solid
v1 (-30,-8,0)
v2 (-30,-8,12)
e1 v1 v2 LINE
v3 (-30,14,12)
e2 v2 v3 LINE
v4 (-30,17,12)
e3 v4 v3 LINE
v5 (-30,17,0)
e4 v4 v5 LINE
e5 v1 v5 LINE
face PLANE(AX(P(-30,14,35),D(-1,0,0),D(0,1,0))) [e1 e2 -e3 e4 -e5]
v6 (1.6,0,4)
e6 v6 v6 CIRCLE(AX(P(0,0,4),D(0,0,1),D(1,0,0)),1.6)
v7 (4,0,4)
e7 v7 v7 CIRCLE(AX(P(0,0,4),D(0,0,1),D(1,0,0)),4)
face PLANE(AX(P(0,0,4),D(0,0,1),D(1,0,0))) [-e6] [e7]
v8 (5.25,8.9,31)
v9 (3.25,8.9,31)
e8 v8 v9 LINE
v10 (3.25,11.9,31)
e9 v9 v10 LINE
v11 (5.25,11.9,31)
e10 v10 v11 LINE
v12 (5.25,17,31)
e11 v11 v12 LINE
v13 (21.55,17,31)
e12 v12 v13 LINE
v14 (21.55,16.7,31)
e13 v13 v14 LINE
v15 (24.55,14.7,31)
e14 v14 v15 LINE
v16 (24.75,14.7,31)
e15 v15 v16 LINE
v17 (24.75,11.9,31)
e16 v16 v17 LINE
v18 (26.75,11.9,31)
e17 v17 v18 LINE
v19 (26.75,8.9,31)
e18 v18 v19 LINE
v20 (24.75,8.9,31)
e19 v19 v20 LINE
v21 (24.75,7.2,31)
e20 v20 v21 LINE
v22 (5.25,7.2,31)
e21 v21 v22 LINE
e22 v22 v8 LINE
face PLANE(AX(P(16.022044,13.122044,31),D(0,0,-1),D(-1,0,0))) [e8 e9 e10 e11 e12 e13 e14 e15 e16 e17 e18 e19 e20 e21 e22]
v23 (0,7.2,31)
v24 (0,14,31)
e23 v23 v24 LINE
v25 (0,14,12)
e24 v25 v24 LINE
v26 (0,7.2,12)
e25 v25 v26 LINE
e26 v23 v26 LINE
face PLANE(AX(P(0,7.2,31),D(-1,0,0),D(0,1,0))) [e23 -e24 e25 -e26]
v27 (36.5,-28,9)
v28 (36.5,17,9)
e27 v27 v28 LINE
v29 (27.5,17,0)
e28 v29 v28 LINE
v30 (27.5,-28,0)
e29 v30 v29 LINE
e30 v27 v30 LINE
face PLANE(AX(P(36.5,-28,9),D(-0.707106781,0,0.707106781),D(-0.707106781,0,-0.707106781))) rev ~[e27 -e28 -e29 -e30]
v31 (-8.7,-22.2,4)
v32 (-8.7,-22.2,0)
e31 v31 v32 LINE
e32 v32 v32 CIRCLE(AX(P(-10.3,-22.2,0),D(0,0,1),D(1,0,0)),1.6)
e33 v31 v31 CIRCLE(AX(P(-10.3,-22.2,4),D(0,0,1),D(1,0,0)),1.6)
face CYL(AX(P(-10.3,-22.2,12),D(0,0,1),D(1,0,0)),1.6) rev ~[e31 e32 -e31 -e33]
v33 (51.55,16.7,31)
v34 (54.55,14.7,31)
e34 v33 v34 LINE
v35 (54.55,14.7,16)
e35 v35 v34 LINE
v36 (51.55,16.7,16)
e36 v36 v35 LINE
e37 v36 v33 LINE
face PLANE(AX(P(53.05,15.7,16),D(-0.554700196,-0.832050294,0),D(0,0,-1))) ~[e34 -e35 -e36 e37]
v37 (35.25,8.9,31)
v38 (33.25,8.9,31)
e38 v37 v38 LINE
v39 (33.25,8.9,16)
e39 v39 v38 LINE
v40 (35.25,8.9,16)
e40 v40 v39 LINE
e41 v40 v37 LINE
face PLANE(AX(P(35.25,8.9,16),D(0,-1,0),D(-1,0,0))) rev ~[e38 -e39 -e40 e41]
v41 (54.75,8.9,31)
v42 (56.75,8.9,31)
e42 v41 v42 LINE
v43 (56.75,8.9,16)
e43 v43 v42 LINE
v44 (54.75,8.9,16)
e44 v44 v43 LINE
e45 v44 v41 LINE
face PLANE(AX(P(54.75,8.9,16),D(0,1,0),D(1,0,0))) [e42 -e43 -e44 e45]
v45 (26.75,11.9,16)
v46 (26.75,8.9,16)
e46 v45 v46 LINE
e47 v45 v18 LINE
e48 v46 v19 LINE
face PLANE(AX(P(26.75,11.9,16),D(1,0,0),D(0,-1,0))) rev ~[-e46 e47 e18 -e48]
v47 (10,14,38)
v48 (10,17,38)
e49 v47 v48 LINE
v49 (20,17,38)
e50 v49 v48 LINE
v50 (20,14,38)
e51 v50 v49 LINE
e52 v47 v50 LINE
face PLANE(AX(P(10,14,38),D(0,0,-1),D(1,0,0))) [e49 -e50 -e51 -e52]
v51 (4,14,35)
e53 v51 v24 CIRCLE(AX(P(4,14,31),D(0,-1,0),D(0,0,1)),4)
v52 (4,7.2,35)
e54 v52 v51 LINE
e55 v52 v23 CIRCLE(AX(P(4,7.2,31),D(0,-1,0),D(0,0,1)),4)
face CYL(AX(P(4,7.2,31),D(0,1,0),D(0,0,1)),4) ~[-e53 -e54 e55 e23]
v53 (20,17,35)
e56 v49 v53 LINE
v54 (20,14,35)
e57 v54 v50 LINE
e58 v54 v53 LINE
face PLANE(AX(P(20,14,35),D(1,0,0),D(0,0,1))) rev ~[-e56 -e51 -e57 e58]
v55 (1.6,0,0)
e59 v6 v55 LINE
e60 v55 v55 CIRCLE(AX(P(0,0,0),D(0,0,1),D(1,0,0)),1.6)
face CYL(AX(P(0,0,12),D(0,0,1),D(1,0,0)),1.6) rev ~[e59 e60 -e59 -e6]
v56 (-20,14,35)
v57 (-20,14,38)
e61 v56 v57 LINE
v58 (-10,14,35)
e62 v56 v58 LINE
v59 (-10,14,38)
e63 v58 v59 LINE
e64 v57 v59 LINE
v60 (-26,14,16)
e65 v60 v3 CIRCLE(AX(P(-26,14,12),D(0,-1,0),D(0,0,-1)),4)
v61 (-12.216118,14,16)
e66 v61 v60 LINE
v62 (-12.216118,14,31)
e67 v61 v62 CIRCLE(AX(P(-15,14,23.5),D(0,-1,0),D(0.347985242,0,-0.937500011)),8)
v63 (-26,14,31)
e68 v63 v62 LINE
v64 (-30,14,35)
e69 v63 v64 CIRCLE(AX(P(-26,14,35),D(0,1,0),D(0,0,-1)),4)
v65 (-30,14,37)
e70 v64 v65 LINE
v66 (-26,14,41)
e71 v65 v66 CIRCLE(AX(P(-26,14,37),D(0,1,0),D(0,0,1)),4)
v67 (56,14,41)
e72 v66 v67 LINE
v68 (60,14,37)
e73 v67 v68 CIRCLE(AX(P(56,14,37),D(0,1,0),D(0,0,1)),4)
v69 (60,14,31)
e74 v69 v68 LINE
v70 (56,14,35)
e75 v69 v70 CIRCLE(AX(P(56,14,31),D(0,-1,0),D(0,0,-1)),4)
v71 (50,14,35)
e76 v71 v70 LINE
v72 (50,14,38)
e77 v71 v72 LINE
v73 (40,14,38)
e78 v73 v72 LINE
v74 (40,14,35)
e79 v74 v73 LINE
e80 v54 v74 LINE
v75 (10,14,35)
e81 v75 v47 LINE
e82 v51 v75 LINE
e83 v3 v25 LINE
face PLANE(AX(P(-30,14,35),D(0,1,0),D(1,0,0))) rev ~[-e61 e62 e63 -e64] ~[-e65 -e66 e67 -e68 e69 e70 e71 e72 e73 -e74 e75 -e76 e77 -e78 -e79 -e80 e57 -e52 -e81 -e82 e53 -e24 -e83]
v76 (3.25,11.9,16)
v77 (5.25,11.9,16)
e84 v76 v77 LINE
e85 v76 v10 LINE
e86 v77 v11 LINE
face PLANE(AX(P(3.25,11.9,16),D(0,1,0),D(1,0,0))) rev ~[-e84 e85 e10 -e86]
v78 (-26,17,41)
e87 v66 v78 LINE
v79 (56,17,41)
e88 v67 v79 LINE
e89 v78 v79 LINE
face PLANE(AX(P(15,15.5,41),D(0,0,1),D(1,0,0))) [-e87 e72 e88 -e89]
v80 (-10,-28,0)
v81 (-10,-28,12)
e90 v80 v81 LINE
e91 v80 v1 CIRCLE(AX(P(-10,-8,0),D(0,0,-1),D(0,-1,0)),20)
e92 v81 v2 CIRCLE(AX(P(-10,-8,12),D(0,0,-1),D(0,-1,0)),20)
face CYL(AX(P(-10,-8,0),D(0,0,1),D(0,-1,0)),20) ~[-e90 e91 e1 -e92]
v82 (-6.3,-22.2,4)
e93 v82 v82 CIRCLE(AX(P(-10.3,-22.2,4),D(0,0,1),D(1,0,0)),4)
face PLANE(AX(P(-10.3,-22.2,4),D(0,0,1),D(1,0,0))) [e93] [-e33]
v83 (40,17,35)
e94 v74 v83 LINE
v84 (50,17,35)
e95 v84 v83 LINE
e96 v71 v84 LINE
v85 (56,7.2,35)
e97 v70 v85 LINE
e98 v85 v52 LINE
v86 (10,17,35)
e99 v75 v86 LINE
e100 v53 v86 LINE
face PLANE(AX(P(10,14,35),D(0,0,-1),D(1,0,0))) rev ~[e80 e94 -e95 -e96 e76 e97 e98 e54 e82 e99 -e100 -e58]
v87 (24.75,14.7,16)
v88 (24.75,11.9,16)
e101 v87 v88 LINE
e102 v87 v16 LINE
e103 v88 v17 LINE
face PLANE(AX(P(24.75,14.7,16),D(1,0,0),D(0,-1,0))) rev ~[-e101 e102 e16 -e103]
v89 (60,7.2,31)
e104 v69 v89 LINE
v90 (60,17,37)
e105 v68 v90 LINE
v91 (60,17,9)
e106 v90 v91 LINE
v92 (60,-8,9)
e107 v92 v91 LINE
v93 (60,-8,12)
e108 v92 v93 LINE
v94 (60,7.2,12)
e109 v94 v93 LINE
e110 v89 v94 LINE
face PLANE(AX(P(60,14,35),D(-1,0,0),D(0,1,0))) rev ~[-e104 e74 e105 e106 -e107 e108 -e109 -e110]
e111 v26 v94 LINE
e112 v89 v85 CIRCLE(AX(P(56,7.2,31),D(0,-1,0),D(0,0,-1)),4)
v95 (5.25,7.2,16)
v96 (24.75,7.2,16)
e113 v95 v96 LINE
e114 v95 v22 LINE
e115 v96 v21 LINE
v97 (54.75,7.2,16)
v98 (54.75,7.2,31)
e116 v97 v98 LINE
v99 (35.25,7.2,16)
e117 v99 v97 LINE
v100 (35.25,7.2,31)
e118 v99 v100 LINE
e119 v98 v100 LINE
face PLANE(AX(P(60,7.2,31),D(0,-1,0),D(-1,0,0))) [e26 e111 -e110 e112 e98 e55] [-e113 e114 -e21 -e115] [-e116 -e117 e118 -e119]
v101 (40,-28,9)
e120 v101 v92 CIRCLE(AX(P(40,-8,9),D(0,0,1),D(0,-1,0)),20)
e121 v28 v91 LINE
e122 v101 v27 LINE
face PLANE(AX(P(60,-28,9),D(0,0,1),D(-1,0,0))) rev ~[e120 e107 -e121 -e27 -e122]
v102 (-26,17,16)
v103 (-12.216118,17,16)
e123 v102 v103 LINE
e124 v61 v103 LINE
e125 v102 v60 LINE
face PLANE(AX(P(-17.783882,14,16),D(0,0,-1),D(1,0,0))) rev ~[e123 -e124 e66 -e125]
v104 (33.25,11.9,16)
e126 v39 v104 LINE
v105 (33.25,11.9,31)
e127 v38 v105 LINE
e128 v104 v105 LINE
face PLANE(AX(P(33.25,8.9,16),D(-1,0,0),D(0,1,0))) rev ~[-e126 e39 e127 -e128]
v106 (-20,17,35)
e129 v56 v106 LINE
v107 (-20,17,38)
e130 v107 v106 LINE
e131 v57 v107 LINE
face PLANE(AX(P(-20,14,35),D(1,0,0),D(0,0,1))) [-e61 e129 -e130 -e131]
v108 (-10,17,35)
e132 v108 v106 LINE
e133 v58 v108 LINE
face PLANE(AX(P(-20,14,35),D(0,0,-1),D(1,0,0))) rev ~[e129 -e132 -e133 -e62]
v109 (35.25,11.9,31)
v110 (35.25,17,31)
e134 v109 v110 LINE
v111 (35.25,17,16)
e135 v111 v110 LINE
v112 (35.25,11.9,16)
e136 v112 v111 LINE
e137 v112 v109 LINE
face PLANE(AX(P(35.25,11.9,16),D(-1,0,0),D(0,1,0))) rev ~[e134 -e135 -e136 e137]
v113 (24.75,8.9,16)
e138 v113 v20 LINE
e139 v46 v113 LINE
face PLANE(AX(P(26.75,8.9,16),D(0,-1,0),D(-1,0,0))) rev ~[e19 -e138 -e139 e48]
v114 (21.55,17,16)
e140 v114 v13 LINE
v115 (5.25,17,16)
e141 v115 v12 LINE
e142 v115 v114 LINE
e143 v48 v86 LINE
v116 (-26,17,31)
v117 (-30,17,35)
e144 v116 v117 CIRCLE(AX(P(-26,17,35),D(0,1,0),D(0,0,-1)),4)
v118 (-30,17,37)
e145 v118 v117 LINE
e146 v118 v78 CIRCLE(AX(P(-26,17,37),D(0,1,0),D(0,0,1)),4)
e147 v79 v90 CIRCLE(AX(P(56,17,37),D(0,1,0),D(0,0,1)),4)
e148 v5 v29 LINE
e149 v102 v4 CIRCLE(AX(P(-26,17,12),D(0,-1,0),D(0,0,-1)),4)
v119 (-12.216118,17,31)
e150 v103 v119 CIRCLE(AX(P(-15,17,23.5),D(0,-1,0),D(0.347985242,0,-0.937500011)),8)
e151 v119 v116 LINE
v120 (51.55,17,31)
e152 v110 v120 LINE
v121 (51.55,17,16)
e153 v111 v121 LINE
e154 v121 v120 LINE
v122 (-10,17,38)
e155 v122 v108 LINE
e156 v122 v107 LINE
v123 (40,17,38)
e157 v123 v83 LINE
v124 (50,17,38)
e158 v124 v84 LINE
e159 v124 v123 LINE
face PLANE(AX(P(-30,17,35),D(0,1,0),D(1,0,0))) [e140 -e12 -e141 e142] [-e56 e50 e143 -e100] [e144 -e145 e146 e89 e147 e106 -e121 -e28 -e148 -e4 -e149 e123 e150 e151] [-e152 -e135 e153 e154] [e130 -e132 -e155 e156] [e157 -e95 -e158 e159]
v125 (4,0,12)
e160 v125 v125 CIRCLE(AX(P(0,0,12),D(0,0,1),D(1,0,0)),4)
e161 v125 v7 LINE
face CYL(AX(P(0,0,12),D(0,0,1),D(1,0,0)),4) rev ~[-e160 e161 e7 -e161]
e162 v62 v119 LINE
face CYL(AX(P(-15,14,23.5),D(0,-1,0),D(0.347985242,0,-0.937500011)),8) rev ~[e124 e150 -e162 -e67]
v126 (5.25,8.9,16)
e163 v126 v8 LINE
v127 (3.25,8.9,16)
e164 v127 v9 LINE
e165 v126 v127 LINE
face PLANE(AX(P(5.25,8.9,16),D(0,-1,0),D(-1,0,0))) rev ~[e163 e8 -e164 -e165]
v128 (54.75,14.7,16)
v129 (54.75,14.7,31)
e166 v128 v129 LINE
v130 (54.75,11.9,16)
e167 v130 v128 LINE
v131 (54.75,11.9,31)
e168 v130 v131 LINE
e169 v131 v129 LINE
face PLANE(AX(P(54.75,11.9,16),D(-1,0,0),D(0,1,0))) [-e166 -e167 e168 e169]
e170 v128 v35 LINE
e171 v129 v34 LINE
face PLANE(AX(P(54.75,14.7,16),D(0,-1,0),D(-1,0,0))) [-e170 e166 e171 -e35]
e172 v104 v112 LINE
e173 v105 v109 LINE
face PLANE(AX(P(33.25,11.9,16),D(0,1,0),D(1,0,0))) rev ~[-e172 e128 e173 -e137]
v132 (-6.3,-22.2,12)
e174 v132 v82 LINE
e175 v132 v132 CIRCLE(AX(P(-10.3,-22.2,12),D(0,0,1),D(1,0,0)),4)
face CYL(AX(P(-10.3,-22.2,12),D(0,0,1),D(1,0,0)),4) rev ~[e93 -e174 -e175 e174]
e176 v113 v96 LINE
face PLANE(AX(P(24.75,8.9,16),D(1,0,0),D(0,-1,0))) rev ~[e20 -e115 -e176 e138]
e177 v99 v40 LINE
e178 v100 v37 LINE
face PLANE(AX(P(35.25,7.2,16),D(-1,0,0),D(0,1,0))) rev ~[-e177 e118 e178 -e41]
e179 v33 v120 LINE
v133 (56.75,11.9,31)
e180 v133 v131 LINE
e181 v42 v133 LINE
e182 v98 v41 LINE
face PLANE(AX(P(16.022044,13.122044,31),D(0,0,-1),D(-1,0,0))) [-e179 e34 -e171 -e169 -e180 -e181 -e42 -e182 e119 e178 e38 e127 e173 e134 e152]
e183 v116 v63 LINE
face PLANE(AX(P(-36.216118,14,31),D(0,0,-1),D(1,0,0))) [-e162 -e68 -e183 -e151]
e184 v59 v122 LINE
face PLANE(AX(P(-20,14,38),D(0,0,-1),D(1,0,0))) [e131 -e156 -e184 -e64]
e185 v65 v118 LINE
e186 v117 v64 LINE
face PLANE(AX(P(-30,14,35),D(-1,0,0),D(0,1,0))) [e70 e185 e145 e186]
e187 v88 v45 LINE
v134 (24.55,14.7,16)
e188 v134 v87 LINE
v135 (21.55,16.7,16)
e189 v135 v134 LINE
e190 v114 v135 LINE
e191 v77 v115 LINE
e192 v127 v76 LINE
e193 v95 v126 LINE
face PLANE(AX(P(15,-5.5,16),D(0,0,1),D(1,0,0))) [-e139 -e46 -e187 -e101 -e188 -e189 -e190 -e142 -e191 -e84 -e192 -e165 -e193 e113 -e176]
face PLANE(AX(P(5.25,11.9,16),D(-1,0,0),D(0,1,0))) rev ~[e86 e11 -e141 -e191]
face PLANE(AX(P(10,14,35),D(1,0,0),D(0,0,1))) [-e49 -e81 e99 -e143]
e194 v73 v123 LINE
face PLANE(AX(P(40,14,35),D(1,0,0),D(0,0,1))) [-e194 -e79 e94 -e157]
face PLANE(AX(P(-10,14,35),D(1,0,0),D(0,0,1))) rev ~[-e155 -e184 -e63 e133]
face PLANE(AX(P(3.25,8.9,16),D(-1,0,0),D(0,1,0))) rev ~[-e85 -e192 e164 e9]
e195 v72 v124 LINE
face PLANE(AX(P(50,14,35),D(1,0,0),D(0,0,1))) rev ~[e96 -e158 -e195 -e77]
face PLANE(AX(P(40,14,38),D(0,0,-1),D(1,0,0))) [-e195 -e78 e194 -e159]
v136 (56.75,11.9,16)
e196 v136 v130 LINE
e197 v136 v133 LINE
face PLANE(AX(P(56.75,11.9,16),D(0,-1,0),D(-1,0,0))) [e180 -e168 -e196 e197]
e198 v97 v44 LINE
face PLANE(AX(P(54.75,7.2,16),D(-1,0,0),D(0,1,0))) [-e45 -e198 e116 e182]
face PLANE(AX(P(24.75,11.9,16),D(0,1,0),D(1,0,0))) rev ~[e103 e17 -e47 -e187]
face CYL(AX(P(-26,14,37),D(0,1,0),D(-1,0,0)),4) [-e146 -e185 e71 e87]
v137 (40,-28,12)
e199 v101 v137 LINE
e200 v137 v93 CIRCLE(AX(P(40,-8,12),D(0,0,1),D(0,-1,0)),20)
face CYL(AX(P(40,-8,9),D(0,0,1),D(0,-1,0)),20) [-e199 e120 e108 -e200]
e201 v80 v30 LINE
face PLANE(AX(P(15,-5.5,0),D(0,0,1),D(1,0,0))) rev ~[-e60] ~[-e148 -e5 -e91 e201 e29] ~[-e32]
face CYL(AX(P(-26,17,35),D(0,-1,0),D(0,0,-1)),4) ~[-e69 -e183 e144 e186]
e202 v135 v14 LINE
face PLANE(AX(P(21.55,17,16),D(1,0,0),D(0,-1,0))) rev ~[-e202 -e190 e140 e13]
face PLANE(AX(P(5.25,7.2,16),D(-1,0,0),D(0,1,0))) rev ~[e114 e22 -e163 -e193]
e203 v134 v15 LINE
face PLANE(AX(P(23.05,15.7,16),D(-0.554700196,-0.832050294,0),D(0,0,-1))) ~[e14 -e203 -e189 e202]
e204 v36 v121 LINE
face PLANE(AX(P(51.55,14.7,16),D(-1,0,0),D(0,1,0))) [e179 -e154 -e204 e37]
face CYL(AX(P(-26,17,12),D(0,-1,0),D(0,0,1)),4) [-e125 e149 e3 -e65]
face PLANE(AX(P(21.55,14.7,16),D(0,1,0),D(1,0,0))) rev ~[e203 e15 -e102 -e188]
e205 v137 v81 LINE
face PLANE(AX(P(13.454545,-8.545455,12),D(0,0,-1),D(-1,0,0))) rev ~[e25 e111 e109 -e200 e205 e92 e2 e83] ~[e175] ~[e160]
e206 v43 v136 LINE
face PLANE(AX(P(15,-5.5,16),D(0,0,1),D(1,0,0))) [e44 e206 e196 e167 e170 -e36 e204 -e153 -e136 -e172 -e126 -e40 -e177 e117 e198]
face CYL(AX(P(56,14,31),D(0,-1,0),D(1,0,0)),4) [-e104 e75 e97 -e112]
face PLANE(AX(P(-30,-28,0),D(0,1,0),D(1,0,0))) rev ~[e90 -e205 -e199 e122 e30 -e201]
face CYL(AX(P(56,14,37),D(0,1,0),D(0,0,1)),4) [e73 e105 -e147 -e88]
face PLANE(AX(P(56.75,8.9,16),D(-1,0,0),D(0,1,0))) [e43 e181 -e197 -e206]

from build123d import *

# Parameters (mm, degrees)
SKETCH_W        = 90
SKETCH_H        = 45
PAD_DEPTH       = 16
POCKET_DEPTH    = 60
PAD001_DEPTH    = 15
POCKET001_DEPTH = 4
PAD002_DEPTH    = 4
POCKET002_DEPTH = 5
SKETCH006_W     = 90
SKETCH006_H     = 3
PAD003_DEPTH    = 6
SKETCH007_W     = 10
SKETCH007_H     = 3
POCKET003_DEPTH = 5
SKETCH008_R     = 1.6
POCKET004_DEPTH = 20
SKETCH009_R     = 4
POCKET005_DEPTH = 8
FILLET_R        = 4
FILLET001_R     = 4
FILLET002_R     = 20
SKETCH010_W     = 18.432236
SKETCH010_H     = 15
POCKET006_DEPTH = 5
FILLET003_R     = 4
CHAMFER_1_SIZE2 = 3
CHAMFER_1_SIZE  = 2
CHAMFER_2_SIZE2 = 3
CHAMFER_2_SIZE  = 2


with BuildPart() as part:
    # Sketch → Pad (new body)
    with BuildSketch(Plane.XY):
        with Locations((15, -5.5)):
            Rectangle(SKETCH_W, SKETCH_H)
    extrude(amount=PAD_DEPTH)

    # Sketch001 (on Face2 of Pad) → Pocket (cut)
    with BuildSketch(Plane.XZ.offset(28)):
        Polygon((60, 0), (60, 9), (36.5, 9), (27.5, 0), align=None)
    extrude(amount=-POCKET_DEPTH, mode=Mode.SUBTRACT)

    # Sketch002 (on Face5 of Pocket) → Pad001 (join)
    with BuildSketch(Plane.XY.offset(16)):
        Polygon((54.75, 7.2), (54.75, 8.9), (56.75, 8.9), (56.75, 11.9), (54.75, 11.9), (54.75, 14.7), (51.55, 14.7), (51.55, 17), (60, 17), (60, 7.2), align=None)
        Polygon((35.25, 7.2), (35.25, 8.9), (33.25, 8.9), (33.25, 11.9), (35.25, 11.9), (35.25, 17), (21.55, 17), (21.55, 14.7), (24.75, 14.7), (24.75, 11.9), (26.75, 11.9), (26.75, 8.9), (24.75, 8.9), (24.75, 7.2), align=None)
        Polygon((5.25, 7.2), (5.25, 8.9), (3.25, 8.9), (3.25, 11.9), (5.25, 11.9), (5.25, 17), (-30, 17), (-30, 14), (0, 14), (0, 7.2), align=None)
    extrude(amount=PAD001_DEPTH)

    # Sketch003 (on Face3 of Pad001) → Pocket001 (cut)
    with BuildSketch(Plane.XY.offset(16)):
        Polygon((-30, -28), (-30, 14), (0, 14), (0, 7.2), (60, 7.2), (60, -28), align=None)
    extrude(amount=-POCKET001_DEPTH, mode=Mode.SUBTRACT)

    # Sketch004 (on Face9 of Pocket001) → Pad002 (join)
    with BuildSketch(Plane.XY.offset(31)):
        Polygon((-30, 17), (60, 17), (60, 7.2), (0, 7.2), (0, 14), (-30, 14), align=None)
    extrude(amount=PAD002_DEPTH)

    # Sketch005 (on Face39 of Pad002) → Pocket002 (cut)
    with BuildSketch(Plane.XZ.offset(-14)):
        with BuildLine():
            ThreePointArc((-12.216118, 16), (-7, 23.5), (-12.216118, 31))
            Line((-12.216118, 31), (-17.783882, 31))
            ThreePointArc((-17.783882, 31), (-23, 23.5), (-17.783882, 16))
            Line((-17.783882, 16), (-12.216118, 16))
        make_face()
    extrude(amount=-POCKET002_DEPTH, mode=Mode.SUBTRACT)

    # Sketch006 (on Face9 of Pocket002) → Pad003 (join)
    with BuildSketch(Plane.XY.offset(35)):
        with Locations((15, 15.5)):
            Rectangle(SKETCH006_W, SKETCH006_H)
    extrude(amount=PAD003_DEPTH)

    # Sketch007 (on Face45 of Pad003) → Pocket003 (cut)
    with BuildSketch(Plane.XZ.offset(-14)):
        with Locations((-15, 36.5)):
            Rectangle(SKETCH007_W, SKETCH007_H)
        with Locations((15, 36.5)):
            Rectangle(SKETCH007_W, SKETCH007_H)
        with Locations((45, 36.5)):
            Rectangle(SKETCH007_W, SKETCH007_H)
    extrude(amount=-POCKET003_DEPTH, mode=Mode.SUBTRACT)

    # Sketch008 (on Face43 of Pocket003) → Pocket004 (cut)
    with BuildSketch(Plane.XY.offset(12)):
        Circle(SKETCH008_R)
        with Locations((-10.3, -22.2)):
            Circle(SKETCH008_R)
    extrude(amount=-POCKET004_DEPTH, mode=Mode.SUBTRACT)

    # Sketch009 (on Face44 of Pocket004) → Pocket005 (cut)
    with BuildSketch(Plane.XY.offset(12)):
        with Locations((-10.3, -22.2)):
            Circle(SKETCH009_R)
        Circle(SKETCH009_R)
    extrude(amount=-POCKET005_DEPTH, mode=Mode.SUBTRACT)

    # Fillet
    fillet_edges = [part.edges().sort_by_distance(p)[0] for p in [
        (-30, 15.5, 41),
        (60, 15.5, 41),
    ]]
    fillet(fillet_edges, radius=FILLET_R)

    # Fillet001
    fillet001_edges = [part.edges().sort_by_distance(p)[0] for p in [
        (60, 10.6, 35),
        (0, 10.6, 35),
    ]]
    fillet(fillet001_edges, radius=FILLET001_R)

    # Fillet002
    fillet002_edges = [part.edges().sort_by_distance(p)[0] for p in [
        (-30, -28, 6),
        (60, -28, 10.5),
    ]]
    fillet(fillet002_edges, radius=FILLET002_R)

    # Sketch010 (on Face8 of Fillet002) → Pocket006 (cut)
    with BuildSketch(Plane.XZ.offset(-14)):
        with Locations((-27, 23.5)):
            Rectangle(SKETCH010_W, SKETCH010_H)
    extrude(amount=-POCKET006_DEPTH, mode=Mode.SUBTRACT)

    # Fillet003
    fillet003_edges = [part.edges().sort_by_distance(p)[0] for p in [
        (-30, 15.5, 31),
        (-30, 15.5, 16),
    ]]
    fillet(fillet003_edges, radius=FILLET003_R)

    # Chamfer 1
    chamfer_1_edges = [part.edges().sort_by_distance(p)[0] for p in [
        (21.55, 14.7, 23.5),
    ]]
    chamfer_1_side = part.faces().sort_by_distance((21.55, 15.85, 23.5))[0]
    chamfer(chamfer_1_edges, length=CHAMFER_1_SIZE, length2=CHAMFER_1_SIZE2, reference=chamfer_1_side)

    # Chamfer 2
    chamfer_2_edges = [part.edges().sort_by_distance(p)[0] for p in [
        (51.55, 14.7, 23.5),
    ]]
    chamfer_2_side = part.faces().sort_by_distance((51.55, 15.85, 23.5))[0]
    chamfer(chamfer_2_edges, length=CHAMFER_2_SIZE, length2=CHAMFER_2_SIZE2, reference=chamfer_2_side)


solid = part.part
